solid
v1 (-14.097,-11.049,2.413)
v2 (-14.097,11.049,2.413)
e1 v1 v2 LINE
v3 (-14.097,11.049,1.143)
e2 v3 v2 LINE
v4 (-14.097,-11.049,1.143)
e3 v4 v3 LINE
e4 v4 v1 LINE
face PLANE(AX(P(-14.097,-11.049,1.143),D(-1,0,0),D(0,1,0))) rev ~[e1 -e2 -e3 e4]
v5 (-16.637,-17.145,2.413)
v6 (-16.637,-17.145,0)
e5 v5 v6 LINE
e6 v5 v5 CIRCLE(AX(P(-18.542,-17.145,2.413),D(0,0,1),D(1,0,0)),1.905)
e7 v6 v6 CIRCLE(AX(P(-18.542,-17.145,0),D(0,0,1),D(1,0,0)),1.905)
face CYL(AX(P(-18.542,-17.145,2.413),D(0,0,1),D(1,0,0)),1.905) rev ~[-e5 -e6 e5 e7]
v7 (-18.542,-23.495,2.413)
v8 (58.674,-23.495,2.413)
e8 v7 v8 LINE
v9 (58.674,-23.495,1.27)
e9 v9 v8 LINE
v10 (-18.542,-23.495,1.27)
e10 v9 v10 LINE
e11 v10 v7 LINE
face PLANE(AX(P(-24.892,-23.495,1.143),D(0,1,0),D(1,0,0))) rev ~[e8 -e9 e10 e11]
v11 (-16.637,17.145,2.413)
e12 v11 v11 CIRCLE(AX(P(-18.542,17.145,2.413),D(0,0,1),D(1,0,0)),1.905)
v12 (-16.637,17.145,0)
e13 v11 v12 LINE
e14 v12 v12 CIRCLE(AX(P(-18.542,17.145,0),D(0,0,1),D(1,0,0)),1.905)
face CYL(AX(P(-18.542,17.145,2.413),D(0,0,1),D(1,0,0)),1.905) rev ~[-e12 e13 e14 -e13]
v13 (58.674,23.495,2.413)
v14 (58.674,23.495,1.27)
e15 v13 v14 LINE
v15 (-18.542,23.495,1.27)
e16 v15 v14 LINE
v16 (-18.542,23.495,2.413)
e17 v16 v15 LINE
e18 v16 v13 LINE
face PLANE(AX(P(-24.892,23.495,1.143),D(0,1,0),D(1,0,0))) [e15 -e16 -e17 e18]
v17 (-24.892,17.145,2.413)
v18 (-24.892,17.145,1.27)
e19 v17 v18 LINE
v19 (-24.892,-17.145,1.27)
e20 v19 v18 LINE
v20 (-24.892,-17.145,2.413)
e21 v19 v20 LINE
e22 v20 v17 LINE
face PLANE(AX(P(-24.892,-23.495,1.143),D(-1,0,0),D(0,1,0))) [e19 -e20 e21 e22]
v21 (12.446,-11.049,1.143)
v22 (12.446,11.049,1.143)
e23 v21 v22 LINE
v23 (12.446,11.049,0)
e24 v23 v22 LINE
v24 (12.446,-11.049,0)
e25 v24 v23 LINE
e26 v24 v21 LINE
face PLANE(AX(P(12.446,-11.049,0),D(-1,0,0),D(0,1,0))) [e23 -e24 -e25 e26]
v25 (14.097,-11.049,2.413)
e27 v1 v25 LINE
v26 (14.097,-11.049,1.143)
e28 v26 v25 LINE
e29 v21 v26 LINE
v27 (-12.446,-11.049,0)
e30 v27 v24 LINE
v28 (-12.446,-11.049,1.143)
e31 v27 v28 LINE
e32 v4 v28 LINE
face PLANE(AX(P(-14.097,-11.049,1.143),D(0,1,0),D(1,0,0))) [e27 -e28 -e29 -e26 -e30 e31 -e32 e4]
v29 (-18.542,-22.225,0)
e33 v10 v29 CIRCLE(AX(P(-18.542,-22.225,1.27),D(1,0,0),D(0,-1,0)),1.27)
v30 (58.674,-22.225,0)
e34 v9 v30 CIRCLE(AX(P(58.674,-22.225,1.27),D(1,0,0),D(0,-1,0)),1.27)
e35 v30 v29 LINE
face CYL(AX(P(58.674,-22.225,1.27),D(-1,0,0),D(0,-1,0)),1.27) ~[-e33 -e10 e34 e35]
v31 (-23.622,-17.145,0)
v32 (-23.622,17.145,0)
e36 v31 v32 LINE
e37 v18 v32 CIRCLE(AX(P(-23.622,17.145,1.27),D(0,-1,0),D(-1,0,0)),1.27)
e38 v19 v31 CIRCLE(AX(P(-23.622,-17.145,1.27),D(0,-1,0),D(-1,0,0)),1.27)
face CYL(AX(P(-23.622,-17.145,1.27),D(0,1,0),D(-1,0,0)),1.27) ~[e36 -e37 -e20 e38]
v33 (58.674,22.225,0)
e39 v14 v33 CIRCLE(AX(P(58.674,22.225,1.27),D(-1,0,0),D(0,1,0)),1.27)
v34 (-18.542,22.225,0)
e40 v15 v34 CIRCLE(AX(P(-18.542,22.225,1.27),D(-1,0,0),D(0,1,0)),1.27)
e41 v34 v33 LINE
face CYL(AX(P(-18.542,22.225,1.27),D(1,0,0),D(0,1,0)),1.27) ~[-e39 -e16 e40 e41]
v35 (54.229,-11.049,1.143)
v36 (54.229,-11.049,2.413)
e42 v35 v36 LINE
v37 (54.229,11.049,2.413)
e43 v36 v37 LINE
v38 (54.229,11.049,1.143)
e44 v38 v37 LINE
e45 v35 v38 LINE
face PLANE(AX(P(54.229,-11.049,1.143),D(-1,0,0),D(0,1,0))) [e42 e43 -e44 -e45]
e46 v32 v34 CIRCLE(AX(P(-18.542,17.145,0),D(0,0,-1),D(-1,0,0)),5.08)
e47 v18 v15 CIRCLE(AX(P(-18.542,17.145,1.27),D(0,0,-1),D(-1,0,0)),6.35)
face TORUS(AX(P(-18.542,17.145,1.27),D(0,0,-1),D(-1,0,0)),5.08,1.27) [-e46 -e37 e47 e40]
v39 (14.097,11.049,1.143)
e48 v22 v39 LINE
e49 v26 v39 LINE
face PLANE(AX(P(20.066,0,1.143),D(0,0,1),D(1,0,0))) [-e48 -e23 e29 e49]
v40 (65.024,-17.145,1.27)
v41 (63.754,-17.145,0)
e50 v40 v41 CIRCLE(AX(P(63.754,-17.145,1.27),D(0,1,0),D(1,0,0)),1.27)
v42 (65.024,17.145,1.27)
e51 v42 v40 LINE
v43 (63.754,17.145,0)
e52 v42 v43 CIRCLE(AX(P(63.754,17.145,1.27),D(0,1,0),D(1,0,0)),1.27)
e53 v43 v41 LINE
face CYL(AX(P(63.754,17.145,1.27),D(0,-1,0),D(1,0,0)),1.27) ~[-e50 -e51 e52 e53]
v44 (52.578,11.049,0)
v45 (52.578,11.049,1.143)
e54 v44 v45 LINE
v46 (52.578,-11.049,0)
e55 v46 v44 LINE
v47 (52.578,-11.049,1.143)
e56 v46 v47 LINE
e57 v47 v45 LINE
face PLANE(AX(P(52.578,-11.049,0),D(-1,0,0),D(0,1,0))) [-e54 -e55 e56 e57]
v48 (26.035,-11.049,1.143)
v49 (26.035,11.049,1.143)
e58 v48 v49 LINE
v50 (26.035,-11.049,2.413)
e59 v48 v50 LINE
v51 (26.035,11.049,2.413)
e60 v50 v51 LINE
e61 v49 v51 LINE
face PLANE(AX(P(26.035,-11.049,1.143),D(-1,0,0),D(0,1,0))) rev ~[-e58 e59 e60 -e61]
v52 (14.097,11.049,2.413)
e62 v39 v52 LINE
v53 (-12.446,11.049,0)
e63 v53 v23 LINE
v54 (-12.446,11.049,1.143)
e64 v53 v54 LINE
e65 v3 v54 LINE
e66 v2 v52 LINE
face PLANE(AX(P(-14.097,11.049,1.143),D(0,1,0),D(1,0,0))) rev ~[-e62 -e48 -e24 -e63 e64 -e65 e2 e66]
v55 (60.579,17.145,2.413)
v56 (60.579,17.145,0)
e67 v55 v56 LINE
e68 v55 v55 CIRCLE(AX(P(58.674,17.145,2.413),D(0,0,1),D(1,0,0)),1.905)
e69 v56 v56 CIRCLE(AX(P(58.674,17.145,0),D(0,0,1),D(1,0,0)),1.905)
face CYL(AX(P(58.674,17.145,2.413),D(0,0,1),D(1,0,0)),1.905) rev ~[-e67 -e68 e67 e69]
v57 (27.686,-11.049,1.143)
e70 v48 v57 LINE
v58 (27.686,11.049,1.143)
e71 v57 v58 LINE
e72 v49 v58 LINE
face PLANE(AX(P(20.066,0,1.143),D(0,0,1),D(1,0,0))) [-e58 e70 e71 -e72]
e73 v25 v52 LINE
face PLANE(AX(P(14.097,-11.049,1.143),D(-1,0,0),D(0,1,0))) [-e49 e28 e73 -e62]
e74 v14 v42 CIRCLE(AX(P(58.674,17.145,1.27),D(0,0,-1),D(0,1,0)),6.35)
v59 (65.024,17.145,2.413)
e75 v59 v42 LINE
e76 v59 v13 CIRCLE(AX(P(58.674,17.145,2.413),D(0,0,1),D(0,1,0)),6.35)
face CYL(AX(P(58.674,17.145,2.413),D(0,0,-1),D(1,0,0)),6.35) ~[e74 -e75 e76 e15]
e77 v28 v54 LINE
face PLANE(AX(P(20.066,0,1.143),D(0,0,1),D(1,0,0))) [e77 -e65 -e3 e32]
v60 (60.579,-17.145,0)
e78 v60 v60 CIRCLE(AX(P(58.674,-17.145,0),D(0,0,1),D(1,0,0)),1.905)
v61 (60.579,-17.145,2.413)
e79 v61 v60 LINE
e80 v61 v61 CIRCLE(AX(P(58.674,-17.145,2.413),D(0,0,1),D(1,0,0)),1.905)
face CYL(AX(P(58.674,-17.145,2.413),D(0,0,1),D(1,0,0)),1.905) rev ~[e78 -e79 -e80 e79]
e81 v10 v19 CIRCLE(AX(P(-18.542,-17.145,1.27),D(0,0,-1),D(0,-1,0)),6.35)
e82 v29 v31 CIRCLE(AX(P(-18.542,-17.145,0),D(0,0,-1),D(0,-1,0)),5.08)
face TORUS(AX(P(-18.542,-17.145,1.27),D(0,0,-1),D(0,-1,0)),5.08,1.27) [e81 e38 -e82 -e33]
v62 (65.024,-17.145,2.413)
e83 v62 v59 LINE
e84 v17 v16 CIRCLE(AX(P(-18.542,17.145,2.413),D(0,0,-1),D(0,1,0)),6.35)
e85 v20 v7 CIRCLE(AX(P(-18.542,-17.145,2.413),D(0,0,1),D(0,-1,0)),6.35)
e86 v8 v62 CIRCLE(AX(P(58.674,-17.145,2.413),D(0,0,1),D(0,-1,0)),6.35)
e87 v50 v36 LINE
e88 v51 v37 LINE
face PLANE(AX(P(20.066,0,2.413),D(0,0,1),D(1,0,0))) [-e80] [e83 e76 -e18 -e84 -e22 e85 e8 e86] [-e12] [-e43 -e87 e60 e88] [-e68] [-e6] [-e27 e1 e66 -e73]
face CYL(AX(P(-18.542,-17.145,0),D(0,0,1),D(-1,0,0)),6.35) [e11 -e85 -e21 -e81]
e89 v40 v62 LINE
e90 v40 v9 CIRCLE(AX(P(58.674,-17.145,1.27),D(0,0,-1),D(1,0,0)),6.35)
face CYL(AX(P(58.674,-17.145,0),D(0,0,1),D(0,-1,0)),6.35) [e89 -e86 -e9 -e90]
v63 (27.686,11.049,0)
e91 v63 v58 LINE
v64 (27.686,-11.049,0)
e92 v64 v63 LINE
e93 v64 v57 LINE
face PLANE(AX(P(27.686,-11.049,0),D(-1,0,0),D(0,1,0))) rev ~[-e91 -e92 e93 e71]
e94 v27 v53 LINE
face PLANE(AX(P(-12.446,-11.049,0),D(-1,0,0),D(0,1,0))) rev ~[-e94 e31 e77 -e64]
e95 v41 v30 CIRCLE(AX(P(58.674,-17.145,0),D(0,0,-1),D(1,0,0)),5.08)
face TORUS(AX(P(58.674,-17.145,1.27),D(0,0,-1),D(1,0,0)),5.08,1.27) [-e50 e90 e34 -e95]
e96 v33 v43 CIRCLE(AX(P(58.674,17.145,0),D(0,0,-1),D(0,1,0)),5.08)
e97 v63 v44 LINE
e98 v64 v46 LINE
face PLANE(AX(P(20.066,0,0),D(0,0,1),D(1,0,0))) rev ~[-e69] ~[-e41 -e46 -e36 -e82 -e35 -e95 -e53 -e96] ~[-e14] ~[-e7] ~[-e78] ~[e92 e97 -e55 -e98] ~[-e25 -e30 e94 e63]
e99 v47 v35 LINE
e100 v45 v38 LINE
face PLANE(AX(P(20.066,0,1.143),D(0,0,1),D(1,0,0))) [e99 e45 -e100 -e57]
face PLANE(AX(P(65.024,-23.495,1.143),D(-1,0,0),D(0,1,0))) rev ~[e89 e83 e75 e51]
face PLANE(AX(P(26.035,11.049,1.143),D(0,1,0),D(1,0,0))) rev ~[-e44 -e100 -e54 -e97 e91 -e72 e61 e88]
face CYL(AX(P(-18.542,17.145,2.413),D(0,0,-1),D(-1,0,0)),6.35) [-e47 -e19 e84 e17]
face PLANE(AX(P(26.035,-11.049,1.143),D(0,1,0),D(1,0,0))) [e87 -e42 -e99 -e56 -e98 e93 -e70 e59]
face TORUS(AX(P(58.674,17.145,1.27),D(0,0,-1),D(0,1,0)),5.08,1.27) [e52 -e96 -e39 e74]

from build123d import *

# Parameters (mm, degrees)
F0_W     = 89.916
F0_H     = 46.99
F0_W_2   = 24.892
F0_H_2   = 22.098
F1_DEPTH = 1.143
F2_W     = 89.916
F2_H     = 46.99
F2_W_2   = 28.194
F2_H_2   = 22.098
F3_DEPTH = 1.27
F4_R     = 6.35
F5_R     = 1.905
F6_DEPTH = 2.413
F7_R     = 1.27


with BuildPart() as f1:
    # F0 (on Top) → F1 (new body)
    with BuildSketch(Plane.XY):
        with Locations((20.066, 0)):
            Rectangle(F0_W, F0_H)
        Rectangle(F0_W_2, F0_H_2, mode=Mode.SUBTRACT)
        with Locations((40.132, 0)):
            Rectangle(F0_W_2, F0_H_2, mode=Mode.SUBTRACT)
    extrude(amount=F1_DEPTH)

    # F2 (on face) → F3 (join)
    with BuildSketch(Plane.XY.offset(1.143)):
        with Locations((20.066, 0)):
            Rectangle(F2_W, F2_H)
        Rectangle(F2_W_2, F2_H_2, mode=Mode.SUBTRACT)
        with Locations((40.132, 0)):
            Rectangle(F2_W_2, F2_H_2, mode=Mode.SUBTRACT)
    extrude(amount=F3_DEPTH)

    # F4
    f4_edges = [f1.edges().sort_by_distance(p)[0] for p in [
        (-24.892, -23.495, 1.2065),
        (-24.892, 23.495, 1.2065),
        (65.024, -23.495, 1.2065),
        (65.024, 23.495, 1.2065),
    ]]
    fillet(f4_edges, radius=F4_R)

    # F5 (on face) → F6 (cut, through all)
    with BuildSketch(Plane.XY.offset(2.413)):
        with Locations((-18.542, 17.145)):
            Circle(F5_R)
        with Locations((-18.542, -17.145)):
            Circle(F5_R)
        with Locations((58.674, -17.145)):
            Circle(F5_R)
        with Locations((58.674, 17.145)):
            Circle(F5_R)
    extrude(amount=-F6_DEPTH, mode=Mode.SUBTRACT)

    # F7
    f7_edges = [f1.edges().sort_by_distance(p)[0] for p in [
        (-23.032128, 21.635128, 0),
    ]]
    fillet(f7_edges, radius=F7_R)


solid = f1.part
